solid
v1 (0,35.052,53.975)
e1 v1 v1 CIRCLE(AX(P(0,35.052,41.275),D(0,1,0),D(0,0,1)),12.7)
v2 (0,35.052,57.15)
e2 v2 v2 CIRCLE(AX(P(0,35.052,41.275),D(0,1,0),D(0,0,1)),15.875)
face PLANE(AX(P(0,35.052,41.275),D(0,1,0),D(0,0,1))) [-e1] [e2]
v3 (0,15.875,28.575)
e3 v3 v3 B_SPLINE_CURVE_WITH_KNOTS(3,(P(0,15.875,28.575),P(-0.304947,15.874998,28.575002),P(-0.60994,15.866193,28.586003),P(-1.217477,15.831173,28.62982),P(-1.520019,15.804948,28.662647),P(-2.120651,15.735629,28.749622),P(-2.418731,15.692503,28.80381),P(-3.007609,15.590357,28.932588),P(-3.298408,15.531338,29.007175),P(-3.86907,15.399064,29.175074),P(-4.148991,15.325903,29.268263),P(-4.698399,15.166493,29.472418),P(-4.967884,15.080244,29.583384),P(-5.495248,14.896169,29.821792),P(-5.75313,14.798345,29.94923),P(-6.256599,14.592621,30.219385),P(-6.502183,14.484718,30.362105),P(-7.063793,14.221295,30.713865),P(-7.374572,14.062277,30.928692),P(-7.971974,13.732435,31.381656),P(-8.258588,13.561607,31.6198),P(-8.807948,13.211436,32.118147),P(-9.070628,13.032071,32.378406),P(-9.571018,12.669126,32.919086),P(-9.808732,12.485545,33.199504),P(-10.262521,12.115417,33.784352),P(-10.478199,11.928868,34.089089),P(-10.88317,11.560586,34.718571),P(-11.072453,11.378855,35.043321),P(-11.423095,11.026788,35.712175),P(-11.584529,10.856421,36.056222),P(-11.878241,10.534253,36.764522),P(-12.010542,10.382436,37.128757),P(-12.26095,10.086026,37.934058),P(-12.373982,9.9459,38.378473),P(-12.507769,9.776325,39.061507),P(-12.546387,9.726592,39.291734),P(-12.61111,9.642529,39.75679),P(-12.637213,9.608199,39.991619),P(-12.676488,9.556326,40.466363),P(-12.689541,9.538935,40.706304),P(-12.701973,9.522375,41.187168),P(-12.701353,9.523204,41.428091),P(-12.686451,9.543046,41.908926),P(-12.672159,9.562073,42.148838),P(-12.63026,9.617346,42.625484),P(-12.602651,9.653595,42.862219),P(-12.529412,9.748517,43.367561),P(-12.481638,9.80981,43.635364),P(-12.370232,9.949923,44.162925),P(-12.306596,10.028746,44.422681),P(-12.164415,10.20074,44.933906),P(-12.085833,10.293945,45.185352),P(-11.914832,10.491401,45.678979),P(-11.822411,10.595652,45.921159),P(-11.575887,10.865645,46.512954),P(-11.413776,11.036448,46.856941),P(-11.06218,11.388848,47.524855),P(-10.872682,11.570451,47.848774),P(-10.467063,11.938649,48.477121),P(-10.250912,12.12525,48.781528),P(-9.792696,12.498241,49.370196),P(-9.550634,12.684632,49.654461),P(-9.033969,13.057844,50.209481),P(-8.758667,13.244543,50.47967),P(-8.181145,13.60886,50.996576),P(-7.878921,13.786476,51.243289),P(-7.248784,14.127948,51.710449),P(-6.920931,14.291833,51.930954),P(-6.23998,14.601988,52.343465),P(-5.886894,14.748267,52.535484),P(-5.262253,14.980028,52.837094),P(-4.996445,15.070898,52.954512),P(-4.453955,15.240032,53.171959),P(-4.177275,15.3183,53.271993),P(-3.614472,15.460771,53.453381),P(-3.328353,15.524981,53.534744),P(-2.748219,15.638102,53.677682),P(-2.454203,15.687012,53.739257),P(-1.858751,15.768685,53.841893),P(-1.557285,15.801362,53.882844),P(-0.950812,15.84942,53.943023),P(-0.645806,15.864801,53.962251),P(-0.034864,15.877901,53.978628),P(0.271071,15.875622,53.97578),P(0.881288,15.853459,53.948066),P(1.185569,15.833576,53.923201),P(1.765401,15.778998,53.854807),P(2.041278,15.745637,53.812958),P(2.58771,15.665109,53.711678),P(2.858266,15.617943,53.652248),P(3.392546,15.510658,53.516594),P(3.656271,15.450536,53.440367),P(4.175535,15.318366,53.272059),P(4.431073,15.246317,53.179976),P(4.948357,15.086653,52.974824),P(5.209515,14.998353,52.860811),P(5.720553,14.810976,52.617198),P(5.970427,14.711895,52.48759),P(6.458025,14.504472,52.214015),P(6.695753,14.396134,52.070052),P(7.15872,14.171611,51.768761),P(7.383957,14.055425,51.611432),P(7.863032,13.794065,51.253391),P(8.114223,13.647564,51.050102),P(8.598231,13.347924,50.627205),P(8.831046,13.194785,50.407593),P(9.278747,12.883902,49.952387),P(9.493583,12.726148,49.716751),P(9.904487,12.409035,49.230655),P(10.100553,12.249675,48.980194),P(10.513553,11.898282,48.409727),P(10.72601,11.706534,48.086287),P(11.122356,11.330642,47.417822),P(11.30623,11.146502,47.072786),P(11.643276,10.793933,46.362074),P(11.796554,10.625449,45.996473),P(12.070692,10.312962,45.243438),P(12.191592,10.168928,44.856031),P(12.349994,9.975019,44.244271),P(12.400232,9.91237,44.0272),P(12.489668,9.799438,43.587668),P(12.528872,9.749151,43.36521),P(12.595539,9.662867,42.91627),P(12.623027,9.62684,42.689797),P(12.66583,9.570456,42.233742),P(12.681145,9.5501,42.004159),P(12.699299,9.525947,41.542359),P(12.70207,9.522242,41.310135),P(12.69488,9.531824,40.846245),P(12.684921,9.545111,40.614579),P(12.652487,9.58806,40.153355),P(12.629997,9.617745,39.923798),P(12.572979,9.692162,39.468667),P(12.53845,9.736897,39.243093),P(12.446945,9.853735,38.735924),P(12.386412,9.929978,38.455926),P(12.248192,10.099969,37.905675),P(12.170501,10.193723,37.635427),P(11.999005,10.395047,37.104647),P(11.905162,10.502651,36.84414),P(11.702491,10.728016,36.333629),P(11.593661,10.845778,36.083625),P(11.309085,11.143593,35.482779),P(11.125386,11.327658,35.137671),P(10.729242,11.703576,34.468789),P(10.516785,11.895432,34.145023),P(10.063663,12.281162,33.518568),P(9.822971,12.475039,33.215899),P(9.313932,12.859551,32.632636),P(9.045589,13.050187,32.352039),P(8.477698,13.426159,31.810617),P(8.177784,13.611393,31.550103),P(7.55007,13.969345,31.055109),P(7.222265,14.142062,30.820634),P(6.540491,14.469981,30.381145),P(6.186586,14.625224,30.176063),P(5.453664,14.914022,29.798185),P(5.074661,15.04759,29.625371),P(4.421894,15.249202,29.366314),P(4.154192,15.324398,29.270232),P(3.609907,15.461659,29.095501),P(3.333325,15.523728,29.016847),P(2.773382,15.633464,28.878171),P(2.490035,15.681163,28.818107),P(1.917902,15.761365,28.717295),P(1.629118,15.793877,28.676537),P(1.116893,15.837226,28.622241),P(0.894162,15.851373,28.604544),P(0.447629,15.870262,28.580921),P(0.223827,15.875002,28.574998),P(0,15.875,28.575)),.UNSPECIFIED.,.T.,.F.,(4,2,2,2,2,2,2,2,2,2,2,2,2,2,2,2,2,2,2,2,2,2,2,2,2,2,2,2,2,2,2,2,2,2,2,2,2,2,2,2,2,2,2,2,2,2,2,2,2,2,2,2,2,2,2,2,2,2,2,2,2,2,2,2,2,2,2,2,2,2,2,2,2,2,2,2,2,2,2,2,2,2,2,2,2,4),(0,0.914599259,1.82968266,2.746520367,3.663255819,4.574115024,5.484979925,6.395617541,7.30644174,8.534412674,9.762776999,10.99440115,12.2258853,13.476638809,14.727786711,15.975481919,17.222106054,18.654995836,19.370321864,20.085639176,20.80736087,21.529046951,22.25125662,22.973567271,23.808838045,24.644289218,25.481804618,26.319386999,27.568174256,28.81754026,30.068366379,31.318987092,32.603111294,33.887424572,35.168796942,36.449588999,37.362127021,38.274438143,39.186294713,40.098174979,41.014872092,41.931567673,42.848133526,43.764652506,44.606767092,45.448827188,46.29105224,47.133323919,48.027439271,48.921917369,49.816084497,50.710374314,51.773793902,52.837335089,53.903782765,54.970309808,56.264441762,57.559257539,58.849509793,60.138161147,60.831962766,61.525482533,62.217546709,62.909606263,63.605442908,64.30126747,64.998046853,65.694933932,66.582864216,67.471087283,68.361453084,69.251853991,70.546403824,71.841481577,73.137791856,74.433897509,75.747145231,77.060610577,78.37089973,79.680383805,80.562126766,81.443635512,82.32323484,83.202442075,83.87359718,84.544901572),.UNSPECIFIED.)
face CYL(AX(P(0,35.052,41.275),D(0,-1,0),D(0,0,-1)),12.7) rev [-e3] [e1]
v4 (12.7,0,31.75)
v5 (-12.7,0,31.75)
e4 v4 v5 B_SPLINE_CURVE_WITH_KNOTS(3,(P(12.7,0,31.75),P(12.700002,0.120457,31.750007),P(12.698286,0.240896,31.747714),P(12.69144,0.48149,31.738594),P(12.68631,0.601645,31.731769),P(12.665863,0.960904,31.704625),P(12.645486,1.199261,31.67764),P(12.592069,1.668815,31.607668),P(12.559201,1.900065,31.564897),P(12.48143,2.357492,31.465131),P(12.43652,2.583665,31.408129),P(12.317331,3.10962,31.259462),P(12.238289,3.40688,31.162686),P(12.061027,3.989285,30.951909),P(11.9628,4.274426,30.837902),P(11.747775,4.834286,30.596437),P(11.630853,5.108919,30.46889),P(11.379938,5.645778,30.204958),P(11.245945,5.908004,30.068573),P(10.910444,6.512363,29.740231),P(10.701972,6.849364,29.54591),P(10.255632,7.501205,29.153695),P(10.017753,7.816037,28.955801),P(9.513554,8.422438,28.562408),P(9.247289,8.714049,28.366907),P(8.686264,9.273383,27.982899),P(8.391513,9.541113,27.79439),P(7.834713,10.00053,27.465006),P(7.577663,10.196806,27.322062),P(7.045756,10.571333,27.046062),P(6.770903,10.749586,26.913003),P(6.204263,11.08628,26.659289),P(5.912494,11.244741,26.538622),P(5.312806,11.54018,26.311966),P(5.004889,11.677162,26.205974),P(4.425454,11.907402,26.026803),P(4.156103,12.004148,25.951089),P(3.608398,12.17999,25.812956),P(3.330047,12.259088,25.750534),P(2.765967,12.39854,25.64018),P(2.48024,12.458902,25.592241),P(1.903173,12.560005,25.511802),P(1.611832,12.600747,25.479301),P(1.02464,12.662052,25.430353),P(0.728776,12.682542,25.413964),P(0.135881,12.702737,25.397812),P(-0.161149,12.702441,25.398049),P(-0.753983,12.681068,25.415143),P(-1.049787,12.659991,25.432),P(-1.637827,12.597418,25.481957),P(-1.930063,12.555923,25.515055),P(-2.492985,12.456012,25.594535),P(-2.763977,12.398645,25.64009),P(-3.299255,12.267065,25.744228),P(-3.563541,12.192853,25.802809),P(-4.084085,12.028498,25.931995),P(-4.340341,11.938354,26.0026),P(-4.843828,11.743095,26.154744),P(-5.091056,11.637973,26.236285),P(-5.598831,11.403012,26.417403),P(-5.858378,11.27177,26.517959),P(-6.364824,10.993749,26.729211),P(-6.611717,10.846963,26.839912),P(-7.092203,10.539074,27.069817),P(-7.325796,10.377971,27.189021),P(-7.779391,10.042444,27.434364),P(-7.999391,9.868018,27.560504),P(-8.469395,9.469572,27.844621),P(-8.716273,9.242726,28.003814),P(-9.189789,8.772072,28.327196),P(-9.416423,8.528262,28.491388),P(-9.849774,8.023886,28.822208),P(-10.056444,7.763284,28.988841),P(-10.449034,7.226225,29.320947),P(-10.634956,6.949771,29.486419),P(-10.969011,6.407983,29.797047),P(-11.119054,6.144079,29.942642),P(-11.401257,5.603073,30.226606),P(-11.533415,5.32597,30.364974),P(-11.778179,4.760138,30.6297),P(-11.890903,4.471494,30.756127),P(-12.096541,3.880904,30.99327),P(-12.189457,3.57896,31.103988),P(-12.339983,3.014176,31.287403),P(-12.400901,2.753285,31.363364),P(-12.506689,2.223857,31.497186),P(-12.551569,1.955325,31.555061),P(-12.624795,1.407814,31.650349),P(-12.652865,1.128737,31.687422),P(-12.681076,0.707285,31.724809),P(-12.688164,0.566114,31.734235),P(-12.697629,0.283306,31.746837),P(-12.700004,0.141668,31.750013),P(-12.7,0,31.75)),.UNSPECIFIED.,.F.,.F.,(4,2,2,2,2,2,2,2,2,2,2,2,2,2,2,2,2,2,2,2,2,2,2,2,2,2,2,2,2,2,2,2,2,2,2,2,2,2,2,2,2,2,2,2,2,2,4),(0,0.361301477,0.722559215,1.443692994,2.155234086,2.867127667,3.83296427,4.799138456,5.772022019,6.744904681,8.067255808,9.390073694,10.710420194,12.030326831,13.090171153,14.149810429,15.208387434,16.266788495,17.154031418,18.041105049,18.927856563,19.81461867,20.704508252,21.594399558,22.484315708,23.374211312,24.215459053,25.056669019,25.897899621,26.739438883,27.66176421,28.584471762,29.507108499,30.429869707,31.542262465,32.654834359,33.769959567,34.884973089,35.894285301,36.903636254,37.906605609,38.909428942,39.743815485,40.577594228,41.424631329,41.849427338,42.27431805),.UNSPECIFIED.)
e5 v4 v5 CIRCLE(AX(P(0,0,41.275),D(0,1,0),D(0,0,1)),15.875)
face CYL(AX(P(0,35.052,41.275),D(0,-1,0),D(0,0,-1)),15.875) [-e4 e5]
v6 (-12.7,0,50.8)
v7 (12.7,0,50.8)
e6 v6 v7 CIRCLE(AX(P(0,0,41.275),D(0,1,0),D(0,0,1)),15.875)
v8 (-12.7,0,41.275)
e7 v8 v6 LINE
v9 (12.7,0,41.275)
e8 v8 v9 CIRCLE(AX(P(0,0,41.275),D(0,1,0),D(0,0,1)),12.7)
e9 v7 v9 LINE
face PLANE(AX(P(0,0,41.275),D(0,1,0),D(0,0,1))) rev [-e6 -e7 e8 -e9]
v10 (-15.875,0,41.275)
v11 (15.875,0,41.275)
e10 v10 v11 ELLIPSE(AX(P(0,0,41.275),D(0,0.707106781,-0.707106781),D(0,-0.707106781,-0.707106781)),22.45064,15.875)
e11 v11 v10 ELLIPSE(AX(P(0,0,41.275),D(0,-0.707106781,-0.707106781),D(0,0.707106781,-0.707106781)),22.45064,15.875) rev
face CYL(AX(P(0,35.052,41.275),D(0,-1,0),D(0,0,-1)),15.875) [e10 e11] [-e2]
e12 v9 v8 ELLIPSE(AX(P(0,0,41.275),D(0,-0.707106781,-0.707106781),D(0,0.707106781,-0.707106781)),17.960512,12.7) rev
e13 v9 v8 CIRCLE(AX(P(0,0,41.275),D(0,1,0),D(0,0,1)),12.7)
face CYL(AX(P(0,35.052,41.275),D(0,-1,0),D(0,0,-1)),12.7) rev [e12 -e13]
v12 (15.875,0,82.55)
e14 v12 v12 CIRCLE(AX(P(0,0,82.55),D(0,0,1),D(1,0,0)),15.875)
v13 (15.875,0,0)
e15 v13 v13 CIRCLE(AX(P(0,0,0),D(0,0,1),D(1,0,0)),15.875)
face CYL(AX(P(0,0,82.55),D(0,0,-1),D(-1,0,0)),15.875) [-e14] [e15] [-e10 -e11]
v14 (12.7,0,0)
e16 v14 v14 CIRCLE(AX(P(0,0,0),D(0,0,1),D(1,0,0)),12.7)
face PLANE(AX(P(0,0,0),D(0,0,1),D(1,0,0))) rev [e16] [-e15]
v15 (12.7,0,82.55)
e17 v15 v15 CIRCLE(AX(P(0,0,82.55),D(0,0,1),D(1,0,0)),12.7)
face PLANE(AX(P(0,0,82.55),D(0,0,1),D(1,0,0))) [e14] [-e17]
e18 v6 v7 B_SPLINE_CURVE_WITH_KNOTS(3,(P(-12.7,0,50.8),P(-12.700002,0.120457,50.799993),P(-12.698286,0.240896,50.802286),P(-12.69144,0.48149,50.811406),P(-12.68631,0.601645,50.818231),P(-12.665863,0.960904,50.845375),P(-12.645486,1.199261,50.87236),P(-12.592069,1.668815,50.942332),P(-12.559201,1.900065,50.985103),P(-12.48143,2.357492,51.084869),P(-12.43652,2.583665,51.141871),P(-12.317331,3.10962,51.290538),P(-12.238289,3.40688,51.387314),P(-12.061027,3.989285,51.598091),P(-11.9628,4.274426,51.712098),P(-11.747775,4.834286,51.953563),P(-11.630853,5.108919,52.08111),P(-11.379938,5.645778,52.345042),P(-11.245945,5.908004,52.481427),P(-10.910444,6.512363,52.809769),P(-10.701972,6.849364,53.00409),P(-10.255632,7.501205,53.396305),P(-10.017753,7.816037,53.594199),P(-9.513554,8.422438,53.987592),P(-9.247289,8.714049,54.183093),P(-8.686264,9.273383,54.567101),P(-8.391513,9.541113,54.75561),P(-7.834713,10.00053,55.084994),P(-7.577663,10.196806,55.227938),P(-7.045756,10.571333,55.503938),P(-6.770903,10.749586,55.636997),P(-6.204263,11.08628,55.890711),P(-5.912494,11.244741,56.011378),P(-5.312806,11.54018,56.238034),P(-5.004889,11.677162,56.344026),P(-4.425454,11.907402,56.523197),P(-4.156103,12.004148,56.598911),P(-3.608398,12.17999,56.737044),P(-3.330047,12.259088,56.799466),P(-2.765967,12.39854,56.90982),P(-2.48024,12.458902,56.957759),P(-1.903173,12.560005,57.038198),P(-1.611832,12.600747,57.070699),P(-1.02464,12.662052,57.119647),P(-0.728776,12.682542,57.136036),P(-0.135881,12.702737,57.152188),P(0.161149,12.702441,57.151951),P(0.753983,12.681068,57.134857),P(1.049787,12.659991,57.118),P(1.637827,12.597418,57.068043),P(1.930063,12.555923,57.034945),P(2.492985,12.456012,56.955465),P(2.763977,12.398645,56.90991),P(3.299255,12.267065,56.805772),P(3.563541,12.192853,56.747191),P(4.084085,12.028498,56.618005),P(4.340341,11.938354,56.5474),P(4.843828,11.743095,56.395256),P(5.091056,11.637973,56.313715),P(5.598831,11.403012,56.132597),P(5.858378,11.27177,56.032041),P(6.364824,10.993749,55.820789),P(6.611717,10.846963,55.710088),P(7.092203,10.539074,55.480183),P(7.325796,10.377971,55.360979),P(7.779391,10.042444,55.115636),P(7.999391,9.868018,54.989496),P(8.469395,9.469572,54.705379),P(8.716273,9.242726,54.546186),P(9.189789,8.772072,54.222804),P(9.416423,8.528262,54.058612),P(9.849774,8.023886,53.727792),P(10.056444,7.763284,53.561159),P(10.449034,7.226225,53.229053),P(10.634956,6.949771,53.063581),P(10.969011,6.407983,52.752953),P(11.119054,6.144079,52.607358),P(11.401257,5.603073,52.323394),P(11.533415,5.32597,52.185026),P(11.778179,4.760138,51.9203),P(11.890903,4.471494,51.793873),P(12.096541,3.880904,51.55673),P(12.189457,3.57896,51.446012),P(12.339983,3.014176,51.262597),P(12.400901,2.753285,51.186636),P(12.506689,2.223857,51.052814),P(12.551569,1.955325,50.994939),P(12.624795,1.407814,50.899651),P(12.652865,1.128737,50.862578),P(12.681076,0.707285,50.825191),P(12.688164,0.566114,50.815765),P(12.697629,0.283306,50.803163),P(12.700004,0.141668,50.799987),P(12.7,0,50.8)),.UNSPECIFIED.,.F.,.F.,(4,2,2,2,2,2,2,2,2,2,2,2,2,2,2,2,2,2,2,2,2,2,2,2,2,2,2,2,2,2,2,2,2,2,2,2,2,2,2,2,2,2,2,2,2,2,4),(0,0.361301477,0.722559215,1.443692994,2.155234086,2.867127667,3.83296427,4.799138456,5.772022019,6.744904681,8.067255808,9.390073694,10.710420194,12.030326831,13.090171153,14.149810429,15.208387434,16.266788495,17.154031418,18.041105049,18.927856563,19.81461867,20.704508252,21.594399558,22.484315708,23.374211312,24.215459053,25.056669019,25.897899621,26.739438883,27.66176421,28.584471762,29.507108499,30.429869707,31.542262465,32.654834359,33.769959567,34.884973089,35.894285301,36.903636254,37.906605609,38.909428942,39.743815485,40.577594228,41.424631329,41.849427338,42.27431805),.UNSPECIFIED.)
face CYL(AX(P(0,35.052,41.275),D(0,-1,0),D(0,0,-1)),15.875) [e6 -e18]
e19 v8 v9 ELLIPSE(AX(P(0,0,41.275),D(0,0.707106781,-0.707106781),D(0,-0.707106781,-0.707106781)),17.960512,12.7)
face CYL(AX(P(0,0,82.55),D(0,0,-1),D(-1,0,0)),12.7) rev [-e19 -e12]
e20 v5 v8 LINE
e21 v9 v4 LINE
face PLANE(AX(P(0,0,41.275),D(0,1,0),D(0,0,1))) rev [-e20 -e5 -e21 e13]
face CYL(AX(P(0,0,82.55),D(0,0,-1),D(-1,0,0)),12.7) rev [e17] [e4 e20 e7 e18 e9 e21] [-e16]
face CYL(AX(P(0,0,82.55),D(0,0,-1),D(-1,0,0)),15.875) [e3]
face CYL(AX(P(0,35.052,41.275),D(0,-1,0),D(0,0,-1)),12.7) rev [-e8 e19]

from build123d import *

# Parameters (mm, degrees)
SKETCH1_R           = 15.875
SKETCH1_R_2         = 12.7
BOSS_EXTRUDE1_DEPTH = 82.55
SKETCH2_R           = 15.875
SKETCH2_R_2         = 12.7
BOSS_EXTRUDE2_DEPTH = 35.052


with BuildPart() as part:
    # Sketch1 → Boss-Extrude1 (new body)
    with BuildSketch(Plane.XY):
        Circle(SKETCH1_R)
        Circle(SKETCH1_R_2, mode=Mode.SUBTRACT)
    extrude(amount=BOSS_EXTRUDE1_DEPTH)

    # Sketch2 → Boss-Extrude2 (add)
    with BuildSketch(Plane(origin=(0, 0, 0), x_dir=(1, 0, 0), z_dir=(0, 1, 0))):
        with Locations((0, -41.275)):
            Circle(SKETCH2_R)
        with Locations(Location((0, -41.275, 0), (0, 0, 90))):
            Circle(SKETCH2_R_2, mode=Mode.SUBTRACT)
    extrude(amount=BOSS_EXTRUDE2_DEPTH)


solid = part.part
